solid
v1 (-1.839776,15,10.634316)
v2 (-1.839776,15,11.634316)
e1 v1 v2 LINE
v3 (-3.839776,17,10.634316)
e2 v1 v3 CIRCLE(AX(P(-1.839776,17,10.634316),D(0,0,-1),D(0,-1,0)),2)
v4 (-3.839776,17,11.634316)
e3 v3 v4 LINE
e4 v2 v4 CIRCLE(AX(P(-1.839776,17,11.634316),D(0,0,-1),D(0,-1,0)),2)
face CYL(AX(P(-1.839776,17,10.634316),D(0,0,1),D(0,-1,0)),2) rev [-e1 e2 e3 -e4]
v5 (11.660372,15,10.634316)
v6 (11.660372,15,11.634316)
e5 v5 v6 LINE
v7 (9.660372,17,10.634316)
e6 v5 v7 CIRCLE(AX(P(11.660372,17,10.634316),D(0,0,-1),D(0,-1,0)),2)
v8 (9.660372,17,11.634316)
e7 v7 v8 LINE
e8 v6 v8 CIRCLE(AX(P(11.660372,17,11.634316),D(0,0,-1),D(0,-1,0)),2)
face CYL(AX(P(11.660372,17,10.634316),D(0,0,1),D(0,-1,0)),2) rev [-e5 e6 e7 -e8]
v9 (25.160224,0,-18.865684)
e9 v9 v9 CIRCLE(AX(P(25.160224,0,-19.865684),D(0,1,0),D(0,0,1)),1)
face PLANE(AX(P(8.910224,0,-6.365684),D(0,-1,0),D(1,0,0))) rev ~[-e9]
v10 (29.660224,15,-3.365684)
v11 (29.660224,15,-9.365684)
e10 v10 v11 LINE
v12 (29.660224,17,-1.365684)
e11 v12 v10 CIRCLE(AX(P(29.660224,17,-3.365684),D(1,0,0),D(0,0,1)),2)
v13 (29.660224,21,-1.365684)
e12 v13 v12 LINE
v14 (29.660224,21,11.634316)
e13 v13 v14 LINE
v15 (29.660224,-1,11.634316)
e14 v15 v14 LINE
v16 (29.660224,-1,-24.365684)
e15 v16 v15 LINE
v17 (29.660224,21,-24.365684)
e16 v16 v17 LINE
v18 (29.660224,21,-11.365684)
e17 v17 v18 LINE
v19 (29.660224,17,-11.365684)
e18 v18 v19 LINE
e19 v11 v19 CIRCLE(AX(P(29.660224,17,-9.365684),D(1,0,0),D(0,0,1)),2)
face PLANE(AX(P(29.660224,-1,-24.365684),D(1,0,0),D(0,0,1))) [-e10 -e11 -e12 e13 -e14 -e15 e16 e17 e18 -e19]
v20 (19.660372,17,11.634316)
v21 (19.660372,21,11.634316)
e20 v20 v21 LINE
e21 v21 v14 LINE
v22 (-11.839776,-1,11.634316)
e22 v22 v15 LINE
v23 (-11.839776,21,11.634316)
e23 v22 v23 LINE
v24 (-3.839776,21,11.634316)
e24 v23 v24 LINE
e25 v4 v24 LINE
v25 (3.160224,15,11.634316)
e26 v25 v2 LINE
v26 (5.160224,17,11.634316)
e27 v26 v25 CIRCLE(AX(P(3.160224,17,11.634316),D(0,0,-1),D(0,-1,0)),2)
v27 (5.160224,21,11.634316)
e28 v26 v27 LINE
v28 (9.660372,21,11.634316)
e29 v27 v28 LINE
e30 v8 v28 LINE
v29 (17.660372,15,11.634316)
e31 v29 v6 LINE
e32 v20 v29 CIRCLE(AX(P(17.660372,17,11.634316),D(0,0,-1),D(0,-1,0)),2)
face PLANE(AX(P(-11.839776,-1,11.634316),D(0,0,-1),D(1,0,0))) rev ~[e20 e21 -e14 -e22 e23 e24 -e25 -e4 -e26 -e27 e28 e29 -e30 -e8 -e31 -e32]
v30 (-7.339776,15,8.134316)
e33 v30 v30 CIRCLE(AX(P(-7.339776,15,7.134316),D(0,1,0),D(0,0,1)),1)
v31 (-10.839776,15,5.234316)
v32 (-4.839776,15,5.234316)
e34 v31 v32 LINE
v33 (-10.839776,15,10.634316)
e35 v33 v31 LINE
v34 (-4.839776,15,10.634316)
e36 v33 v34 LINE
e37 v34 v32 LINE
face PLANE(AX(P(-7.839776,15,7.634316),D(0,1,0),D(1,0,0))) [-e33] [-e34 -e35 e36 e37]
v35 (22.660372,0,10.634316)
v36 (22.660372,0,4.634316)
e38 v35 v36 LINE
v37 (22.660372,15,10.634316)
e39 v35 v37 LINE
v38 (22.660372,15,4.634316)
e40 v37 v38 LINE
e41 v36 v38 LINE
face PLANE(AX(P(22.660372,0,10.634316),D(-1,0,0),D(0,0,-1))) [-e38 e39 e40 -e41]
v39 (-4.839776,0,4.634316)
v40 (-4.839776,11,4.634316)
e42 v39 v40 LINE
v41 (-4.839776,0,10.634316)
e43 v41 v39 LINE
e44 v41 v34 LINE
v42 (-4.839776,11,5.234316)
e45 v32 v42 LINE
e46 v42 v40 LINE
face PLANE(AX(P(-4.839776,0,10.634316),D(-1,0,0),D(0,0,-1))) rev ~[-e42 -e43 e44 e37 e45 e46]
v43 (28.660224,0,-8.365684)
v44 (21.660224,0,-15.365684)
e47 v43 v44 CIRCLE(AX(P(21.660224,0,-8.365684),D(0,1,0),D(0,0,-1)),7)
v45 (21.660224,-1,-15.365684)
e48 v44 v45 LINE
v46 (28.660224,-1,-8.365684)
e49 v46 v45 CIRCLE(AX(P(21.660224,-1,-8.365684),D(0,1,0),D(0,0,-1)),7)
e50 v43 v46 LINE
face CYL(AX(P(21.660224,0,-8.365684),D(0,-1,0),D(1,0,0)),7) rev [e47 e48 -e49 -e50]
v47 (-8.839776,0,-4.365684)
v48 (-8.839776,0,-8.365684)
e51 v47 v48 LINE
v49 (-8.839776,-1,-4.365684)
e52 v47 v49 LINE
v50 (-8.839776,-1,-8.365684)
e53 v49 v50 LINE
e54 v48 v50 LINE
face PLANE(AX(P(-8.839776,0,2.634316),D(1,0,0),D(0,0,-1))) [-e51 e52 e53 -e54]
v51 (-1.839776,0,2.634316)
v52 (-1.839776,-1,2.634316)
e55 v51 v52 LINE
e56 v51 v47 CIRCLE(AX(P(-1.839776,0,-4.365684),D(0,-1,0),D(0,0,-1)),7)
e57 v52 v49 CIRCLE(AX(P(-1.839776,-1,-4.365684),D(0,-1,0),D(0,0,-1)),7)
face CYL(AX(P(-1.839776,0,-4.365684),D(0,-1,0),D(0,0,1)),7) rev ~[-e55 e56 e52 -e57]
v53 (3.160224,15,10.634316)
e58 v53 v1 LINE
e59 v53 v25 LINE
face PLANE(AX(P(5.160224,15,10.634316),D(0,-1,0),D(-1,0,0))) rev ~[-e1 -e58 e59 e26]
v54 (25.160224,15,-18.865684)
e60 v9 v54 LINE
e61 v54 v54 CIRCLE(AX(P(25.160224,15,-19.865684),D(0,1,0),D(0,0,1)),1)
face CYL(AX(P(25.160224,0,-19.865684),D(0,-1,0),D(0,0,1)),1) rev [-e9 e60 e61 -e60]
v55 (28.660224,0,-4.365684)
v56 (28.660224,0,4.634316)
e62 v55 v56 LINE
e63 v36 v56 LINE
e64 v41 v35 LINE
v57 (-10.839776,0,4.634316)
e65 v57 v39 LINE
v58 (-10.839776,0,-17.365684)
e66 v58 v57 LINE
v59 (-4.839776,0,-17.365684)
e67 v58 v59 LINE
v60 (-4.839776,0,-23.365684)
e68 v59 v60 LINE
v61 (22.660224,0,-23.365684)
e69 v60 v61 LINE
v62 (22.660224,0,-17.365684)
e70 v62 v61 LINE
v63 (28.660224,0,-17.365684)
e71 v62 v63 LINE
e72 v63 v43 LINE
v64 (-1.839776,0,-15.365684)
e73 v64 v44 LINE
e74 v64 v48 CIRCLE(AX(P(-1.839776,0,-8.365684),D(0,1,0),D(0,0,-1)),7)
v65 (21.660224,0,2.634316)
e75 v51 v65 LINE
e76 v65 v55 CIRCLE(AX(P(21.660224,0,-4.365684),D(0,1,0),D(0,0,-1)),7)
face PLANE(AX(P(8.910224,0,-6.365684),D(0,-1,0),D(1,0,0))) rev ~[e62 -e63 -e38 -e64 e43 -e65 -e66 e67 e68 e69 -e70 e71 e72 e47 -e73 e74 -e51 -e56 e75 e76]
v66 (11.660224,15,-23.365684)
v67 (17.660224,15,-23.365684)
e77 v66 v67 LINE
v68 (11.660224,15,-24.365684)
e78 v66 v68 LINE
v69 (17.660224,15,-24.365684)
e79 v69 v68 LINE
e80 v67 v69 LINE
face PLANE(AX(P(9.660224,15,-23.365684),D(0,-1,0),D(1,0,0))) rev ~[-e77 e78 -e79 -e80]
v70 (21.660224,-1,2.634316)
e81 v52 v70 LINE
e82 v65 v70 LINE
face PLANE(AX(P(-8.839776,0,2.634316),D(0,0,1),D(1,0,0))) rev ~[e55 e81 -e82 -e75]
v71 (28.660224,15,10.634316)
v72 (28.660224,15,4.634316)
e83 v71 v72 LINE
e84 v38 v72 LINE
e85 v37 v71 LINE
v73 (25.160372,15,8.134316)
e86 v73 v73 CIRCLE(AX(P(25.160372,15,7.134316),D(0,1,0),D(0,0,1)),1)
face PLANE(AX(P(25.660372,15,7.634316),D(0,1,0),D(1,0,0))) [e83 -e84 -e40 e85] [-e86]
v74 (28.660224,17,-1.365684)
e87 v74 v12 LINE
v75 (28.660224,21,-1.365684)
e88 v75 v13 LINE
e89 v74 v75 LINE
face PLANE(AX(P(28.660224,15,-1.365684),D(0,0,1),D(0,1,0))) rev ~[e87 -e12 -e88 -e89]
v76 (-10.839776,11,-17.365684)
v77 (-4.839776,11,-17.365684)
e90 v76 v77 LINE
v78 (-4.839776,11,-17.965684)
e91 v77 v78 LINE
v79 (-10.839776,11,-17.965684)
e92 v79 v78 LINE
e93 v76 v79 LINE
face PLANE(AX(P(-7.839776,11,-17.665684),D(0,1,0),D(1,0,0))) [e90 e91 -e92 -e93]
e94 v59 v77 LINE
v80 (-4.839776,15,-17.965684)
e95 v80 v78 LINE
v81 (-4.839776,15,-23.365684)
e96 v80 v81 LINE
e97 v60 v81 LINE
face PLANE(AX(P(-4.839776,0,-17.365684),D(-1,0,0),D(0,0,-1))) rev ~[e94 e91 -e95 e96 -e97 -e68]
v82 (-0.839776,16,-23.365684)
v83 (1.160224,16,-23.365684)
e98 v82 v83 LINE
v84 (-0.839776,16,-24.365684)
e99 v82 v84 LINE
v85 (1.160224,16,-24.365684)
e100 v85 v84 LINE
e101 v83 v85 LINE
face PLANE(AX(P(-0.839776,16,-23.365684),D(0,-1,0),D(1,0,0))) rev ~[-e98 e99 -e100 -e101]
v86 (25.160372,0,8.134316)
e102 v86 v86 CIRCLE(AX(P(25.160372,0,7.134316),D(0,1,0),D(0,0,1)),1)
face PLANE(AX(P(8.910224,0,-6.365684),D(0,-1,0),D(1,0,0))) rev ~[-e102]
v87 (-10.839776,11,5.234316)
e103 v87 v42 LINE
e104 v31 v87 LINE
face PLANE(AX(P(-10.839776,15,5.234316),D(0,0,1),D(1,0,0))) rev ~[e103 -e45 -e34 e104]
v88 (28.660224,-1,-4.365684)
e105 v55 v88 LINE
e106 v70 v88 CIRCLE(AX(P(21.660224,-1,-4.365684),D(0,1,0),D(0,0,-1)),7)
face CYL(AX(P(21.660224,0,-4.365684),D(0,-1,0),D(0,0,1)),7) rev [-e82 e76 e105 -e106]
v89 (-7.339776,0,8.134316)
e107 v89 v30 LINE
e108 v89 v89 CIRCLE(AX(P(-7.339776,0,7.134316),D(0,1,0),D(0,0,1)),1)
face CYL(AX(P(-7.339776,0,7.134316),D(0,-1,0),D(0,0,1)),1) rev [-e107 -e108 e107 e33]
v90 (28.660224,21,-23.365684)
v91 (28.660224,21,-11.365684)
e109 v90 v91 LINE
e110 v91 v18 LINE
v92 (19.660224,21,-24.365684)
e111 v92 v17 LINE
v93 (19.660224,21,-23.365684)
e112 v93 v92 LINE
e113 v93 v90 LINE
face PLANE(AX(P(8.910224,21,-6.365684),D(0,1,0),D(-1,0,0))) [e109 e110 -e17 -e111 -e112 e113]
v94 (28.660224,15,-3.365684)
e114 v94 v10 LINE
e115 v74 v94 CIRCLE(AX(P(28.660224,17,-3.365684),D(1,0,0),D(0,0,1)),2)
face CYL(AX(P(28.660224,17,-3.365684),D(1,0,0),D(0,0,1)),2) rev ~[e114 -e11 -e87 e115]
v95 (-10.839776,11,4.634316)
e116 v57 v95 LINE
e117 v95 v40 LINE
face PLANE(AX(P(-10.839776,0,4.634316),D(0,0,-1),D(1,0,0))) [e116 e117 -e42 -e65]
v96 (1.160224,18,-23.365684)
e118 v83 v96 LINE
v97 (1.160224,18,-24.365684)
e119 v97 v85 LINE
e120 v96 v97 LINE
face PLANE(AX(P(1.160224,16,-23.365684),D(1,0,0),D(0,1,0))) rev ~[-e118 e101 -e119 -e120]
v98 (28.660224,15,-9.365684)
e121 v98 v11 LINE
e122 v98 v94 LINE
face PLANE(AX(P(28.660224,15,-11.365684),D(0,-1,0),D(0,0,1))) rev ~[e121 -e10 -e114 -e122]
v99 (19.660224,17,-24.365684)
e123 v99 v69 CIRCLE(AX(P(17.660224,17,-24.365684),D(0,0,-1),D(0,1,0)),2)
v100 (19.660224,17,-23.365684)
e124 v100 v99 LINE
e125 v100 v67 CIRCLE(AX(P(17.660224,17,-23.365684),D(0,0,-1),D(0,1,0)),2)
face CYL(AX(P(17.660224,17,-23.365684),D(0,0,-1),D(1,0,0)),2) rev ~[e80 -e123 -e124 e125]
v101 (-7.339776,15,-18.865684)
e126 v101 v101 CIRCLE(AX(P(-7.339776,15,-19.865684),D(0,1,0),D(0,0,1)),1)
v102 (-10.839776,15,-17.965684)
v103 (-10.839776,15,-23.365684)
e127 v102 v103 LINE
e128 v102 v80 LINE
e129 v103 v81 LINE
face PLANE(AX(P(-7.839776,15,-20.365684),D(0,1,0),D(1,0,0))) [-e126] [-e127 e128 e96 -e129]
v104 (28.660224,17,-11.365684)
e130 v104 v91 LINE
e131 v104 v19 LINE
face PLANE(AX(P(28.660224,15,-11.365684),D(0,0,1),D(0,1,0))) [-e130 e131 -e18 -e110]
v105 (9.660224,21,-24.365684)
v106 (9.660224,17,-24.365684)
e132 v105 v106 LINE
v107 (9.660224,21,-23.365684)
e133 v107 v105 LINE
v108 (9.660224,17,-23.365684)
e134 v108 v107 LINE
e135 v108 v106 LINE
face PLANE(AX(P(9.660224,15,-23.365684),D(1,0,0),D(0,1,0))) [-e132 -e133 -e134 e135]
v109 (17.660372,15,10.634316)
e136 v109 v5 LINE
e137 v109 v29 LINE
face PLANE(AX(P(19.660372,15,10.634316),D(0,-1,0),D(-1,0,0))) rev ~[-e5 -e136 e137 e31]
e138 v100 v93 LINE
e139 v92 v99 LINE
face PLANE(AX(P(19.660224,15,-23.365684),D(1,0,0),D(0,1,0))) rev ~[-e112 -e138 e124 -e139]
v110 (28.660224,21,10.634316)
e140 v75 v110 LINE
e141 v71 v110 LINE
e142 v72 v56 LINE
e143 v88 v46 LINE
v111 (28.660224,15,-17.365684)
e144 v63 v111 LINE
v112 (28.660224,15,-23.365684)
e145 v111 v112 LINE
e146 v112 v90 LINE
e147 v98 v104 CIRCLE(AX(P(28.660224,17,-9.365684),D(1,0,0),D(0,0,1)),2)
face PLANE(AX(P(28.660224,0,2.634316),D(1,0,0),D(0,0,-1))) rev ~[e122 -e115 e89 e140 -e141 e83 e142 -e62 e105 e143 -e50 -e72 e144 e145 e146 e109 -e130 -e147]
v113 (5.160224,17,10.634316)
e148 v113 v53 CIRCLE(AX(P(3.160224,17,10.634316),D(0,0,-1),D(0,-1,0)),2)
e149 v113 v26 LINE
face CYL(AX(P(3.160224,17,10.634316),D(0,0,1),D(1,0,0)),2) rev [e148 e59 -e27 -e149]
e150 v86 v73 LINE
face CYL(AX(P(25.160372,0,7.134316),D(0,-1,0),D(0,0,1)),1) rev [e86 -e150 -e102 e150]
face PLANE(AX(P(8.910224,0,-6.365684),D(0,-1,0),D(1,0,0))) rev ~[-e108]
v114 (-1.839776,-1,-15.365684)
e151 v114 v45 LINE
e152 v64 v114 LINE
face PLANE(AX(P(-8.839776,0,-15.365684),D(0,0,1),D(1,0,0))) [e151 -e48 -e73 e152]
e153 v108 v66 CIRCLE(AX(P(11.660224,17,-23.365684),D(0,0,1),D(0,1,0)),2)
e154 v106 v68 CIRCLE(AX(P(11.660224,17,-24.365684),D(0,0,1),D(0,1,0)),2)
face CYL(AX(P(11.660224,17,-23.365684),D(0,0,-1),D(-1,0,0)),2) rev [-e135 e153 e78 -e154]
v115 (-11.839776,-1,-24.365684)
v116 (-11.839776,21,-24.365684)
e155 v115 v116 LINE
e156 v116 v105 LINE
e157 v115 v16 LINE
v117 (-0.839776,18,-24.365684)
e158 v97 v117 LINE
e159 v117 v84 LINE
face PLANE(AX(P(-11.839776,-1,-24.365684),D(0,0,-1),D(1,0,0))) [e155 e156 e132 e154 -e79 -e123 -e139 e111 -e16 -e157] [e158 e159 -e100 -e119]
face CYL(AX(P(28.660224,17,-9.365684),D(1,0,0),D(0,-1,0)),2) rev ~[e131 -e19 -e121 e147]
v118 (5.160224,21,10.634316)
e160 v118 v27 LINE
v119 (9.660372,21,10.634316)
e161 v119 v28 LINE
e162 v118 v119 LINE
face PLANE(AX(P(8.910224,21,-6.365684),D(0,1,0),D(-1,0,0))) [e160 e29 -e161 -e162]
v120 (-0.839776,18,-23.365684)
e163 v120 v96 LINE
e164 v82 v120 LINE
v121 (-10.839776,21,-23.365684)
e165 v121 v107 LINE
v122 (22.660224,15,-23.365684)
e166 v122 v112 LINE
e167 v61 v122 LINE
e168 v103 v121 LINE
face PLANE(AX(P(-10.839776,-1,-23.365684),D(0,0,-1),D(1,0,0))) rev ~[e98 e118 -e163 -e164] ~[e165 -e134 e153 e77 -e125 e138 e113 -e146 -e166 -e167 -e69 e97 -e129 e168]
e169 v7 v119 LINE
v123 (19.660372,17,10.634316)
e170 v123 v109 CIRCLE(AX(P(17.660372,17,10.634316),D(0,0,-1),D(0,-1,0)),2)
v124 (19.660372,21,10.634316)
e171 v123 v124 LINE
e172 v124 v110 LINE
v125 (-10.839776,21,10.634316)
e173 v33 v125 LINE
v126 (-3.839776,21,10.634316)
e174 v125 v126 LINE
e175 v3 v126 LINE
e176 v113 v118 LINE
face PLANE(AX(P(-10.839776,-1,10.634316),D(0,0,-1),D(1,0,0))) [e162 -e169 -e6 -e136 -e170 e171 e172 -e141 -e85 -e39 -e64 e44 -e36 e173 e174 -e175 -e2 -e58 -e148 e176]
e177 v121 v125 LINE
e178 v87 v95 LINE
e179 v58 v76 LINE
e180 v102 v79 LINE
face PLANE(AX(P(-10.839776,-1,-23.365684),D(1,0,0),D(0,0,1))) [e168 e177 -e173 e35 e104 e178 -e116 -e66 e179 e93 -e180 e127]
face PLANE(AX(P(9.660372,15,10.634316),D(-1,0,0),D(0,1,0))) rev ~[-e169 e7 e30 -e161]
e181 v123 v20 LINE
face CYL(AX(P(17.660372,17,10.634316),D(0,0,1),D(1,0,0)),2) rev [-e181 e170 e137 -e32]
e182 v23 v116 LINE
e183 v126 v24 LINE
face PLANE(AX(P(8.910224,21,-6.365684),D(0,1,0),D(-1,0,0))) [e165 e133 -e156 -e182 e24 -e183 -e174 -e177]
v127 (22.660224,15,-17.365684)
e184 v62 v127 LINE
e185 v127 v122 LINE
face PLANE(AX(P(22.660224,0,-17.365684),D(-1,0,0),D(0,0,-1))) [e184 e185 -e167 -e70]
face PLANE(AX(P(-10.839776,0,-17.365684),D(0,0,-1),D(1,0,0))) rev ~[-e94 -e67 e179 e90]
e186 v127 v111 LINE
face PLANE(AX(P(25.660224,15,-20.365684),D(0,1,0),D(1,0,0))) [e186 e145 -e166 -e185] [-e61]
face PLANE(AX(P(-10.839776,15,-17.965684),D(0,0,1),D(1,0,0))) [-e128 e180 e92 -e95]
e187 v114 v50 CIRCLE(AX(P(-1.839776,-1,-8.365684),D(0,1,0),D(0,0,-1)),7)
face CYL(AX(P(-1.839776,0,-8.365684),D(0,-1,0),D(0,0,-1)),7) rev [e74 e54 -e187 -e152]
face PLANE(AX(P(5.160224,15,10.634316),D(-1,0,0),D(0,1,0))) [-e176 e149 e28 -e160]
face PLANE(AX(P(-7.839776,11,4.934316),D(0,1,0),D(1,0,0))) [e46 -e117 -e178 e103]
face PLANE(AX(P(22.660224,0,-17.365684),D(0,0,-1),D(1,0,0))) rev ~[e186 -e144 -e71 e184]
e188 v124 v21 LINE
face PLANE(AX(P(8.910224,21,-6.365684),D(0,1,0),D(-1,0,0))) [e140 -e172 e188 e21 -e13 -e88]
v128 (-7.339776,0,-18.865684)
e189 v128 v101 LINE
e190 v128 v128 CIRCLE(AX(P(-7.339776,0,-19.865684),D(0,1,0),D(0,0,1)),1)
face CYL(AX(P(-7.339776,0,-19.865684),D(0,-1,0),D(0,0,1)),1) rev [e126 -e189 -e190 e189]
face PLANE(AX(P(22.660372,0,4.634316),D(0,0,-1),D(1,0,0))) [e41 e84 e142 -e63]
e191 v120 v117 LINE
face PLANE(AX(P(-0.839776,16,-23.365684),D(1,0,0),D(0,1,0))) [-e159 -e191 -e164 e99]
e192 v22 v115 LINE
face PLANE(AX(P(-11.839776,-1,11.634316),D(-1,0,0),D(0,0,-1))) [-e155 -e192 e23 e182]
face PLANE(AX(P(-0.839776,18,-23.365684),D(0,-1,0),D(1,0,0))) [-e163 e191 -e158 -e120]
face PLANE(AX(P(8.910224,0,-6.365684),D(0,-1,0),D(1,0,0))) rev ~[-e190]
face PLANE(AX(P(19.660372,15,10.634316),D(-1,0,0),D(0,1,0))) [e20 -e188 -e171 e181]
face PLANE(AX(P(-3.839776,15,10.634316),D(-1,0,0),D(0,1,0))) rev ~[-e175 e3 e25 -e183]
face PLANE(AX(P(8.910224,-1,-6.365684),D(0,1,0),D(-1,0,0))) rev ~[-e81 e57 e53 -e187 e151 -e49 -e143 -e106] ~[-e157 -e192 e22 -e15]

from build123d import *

# Parameters (mm, degrees)
SKETCH1_W             = 6
SKETCH1_H             = 6
SKETCH1_R             = 1
BOSS_EXTRUDE1_DEPTH   = 15
BOSS_EXTRUDE1_2_DEPTH = 15
BOSS_EXTRUDE1_3_DEPTH = 15
BOSS_EXTRUDE1_4_DEPTH = 15
SKETCH2_W             = 39.5
SKETCH2_H             = 33.999999999
BOSS_EXTRUDE2_DEPTH   = 1
SKETCH3_W             = 39.5
SKETCH3_H             = 33.999999999
BOSS_EXTRUDE3_DEPTH   = 22
SKETCH4_W             = 37.5
SKETCH4_H             = 17.999999999
CUT_EXTRUDE1_DEPTH    = 22
FILLET1_R             = 7
SKETCH7_W             = 6
SKETCH7_H             = 0.6
CUT_EXTRUDE2_DEPTH    = 4
SKETCH8_W             = 9.999999999
SKETCH8_H             = 6
CUT_EXTRUDE3_DEPTH    = 4
FILLET2_R             = 2
SKETCH9_W             = 10
SKETCH9_H             = 6
SKETCH9_W_2           = 9
CUT_EXTRUDE4_DEPTH    = 4
FILLET3_R             = 2
SKETCH10_W            = 10
SKETCH10_H            = 6
CUT_EXTRUDE5_DEPTH    = 4
FILLET4_R             = 2
SKETCH11_W            = 2
SKETCH11_H            = 2
CUT_EXTRUDE6_DEPTH    = 4


with BuildPart() as part:
    # Sketch1 → Boss-Extrude1 (new body)
    with BuildSketch(Plane(origin=(0, 0, 0), x_dir=(1, 0, 0), z_dir=(0, 1, 0))):
        with Locations((-7.839776389, 20.365683815)):
            Rectangle(SKETCH1_W, SKETCH1_H)
        with Locations(Location((-7.339776389, 19.865683815, 0), (0, 0, 270))):
            Circle(SKETCH1_R, mode=Mode.SUBTRACT)
    extrude(amount=BOSS_EXTRUDE1_DEPTH)



with BuildPart() as body_2:
    # Sketch1 → Boss-Extrude1 2 (new body)
    with BuildSketch(Plane(origin=(0, 0, 0), x_dir=(1, 0, 0), z_dir=(0, 1, 0))):
        with Locations((25.660223611, 20.365683814)):
            Rectangle(SKETCH1_W, SKETCH1_H)
        with Locations(Location((25.160223611, 19.865683814, 0), (0, 0, 270))):
            Circle(SKETCH1_R, mode=Mode.SUBTRACT)
    extrude(amount=BOSS_EXTRUDE1_2_DEPTH)


with BuildPart() as body_3:
    # Sketch1 → Boss-Extrude1 3 (new body)
    with BuildSketch(Plane(origin=(0, 0, 0), x_dir=(1, 0, 0), z_dir=(0, 1, 0))):
        with Locations((-7.839776389, -7.634316185)):
            Rectangle(SKETCH1_W, SKETCH1_H)
        with Locations(Location((-7.339776389, -7.134316185, 0), (0, 0, 270))):
            Circle(SKETCH1_R, mode=Mode.SUBTRACT)
    extrude(amount=BOSS_EXTRUDE1_3_DEPTH)


with BuildPart() as body_4:
    # Sketch1 → Boss-Extrude1 4 (new body)
    with BuildSketch(Plane(origin=(0, 0, 0), x_dir=(1, 0, 0), z_dir=(0, 1, 0))):
        with Locations((25.660371549, -7.634316185)):
            Rectangle(SKETCH1_W, SKETCH1_H)
        with Locations(Location((25.160371549, -7.134316185, 0), (0, 0, 270))):
            Circle(SKETCH1_R, mode=Mode.SUBTRACT)
    extrude(amount=BOSS_EXTRUDE1_4_DEPTH)


with BuildPart() as part_1:
    add(part.part)

    add(body_2.part)  # Boss-Extrude2 merges body 2

    add(body_3.part)  # Boss-Extrude2 merges body 3

    add(body_4.part)  # Boss-Extrude2 merges body 4
    # Sketch2 → Boss-Extrude2 (add)
    with BuildSketch(Plane.XZ):
        with Locations((8.910223611, -6.365683814)):
            Rectangle(SKETCH2_W, SKETCH2_H)
    extrude(amount=BOSS_EXTRUDE2_DEPTH)

    # Sketch3 → Boss-Extrude3 (add)
    with BuildSketch(Plane.XZ.offset(1)):
        Polygon((-11.839776389, 9.730248223), (-11.839776389, 11.634316185), (29.660223611, 11.634316185), (29.660223611, 9.730248223), (29.660223611, -24.365683814), (28.803720569, -24.365683814), (-10.696279431, -24.365683814), (-11.839776389, -24.365683814), align=None)
        with Locations((8.910223611, -6.365683814)):
            Rectangle(SKETCH3_W, SKETCH3_H, mode=Mode.SUBTRACT)
    extrude(amount=-BOSS_EXTRUDE3_DEPTH)

    # Sketch4 → Cut-Extrude1 (cut)
    with BuildSketch(Plane(origin=(0, 0, 0), x_dir=(1, 0, 0), z_dir=(0, 1, 0))):
        with Locations((9.910223611, 6.365683815)):
            Rectangle(SKETCH4_W, SKETCH4_H)
    extrude(amount=-CUT_EXTRUDE1_DEPTH, mode=Mode.SUBTRACT)

    # Fillet1
    fillet1_edges = [part_1.edges().sort_by_distance(p)[0] for p in [
        (-8.839776389, -0.5, 2.634316185),
        (-8.839776389, -0.5, -15.365683814),
        (28.660223611, -0.5, -15.365683814),
        (28.660223611, -0.5, 2.634316185),
    ]]
    fillet(fillet1_edges, radius=FILLET1_R)

    # Sketch7 → Cut-Extrude2 (cut)
    with BuildSketch(Plane(origin=(0, 15, 0), x_dir=(1, 0, 0), z_dir=(0, 1, 0))):
        with Locations((-7.839776389, 17.665683815)):
            Rectangle(SKETCH7_W, SKETCH7_H)
        with Locations((-7.839776389, -4.934316185)):
            Rectangle(SKETCH7_W, SKETCH7_H)
    extrude(amount=-CUT_EXTRUDE2_DEPTH, mode=Mode.SUBTRACT)

    # Sketch8 → Cut-Extrude3 (cut)
    with BuildSketch(Plane.ZY.offset(-28.660223611)):
        with Locations((-6.365683815, 18)):
            Rectangle(SKETCH8_W, SKETCH8_H)
    extrude(amount=-CUT_EXTRUDE3_DEPTH, mode=Mode.SUBTRACT)

    # Fillet2
    fillet2_edges = [part_1.edges().sort_by_distance(p)[0] for p in [
        (29.160223611, 15, -11.365683814),
        (29.160223611, 15, -1.365683815),
    ]]
    fillet(fillet2_edges, radius=FILLET2_R)

    # Sketch9 → Cut-Extrude4 (cut)
    with BuildSketch(Plane(origin=(0, 0, 10.634316185), x_dir=(-1, 0, 0), z_dir=(0, 0, -1))):
        with Locations((-14.660371549, 18)):
            Rectangle(SKETCH9_W, SKETCH9_H)
        with Locations((-0.660223611, 18)):
            Rectangle(SKETCH9_W_2, SKETCH9_H)
    extrude(amount=-CUT_EXTRUDE4_DEPTH, mode=Mode.SUBTRACT)

    # Fillet3
    fillet3_edges = [part_1.edges().sort_by_distance(p)[0] for p in [
        (19.660371549, 15, 11.134316185),
        (9.660371549, 15, 11.134316185),
        (5.160223611, 15, 11.134316185),
        (-3.839776389, 15, 11.134316185),
    ]]
    fillet(fillet3_edges, radius=FILLET3_R)

    # Sketch10 → Cut-Extrude5 (cut)
    with BuildSketch(Plane.XY.offset(-23.365683814)):
        with Locations((14.660223611, 18)):
            Rectangle(SKETCH10_W, SKETCH10_H)
    extrude(amount=-CUT_EXTRUDE5_DEPTH, mode=Mode.SUBTRACT)

    # Fillet4
    fillet4_edges = [part_1.edges().sort_by_distance(p)[0] for p in [
        (19.660223611, 15, -23.865683814),
        (9.660223611, 15, -23.865683814),
    ]]
    fillet(fillet4_edges, radius=FILLET4_R)

    # Sketch11 → Cut-Extrude6 (cut)
    with BuildSketch(Plane.XY.offset(-23.365683814)):
        with Locations((0.160223611, 17)):
            Rectangle(SKETCH11_W, SKETCH11_H)
    extrude(amount=-CUT_EXTRUDE6_DEPTH, mode=Mode.SUBTRACT)


solid = part_1.part
